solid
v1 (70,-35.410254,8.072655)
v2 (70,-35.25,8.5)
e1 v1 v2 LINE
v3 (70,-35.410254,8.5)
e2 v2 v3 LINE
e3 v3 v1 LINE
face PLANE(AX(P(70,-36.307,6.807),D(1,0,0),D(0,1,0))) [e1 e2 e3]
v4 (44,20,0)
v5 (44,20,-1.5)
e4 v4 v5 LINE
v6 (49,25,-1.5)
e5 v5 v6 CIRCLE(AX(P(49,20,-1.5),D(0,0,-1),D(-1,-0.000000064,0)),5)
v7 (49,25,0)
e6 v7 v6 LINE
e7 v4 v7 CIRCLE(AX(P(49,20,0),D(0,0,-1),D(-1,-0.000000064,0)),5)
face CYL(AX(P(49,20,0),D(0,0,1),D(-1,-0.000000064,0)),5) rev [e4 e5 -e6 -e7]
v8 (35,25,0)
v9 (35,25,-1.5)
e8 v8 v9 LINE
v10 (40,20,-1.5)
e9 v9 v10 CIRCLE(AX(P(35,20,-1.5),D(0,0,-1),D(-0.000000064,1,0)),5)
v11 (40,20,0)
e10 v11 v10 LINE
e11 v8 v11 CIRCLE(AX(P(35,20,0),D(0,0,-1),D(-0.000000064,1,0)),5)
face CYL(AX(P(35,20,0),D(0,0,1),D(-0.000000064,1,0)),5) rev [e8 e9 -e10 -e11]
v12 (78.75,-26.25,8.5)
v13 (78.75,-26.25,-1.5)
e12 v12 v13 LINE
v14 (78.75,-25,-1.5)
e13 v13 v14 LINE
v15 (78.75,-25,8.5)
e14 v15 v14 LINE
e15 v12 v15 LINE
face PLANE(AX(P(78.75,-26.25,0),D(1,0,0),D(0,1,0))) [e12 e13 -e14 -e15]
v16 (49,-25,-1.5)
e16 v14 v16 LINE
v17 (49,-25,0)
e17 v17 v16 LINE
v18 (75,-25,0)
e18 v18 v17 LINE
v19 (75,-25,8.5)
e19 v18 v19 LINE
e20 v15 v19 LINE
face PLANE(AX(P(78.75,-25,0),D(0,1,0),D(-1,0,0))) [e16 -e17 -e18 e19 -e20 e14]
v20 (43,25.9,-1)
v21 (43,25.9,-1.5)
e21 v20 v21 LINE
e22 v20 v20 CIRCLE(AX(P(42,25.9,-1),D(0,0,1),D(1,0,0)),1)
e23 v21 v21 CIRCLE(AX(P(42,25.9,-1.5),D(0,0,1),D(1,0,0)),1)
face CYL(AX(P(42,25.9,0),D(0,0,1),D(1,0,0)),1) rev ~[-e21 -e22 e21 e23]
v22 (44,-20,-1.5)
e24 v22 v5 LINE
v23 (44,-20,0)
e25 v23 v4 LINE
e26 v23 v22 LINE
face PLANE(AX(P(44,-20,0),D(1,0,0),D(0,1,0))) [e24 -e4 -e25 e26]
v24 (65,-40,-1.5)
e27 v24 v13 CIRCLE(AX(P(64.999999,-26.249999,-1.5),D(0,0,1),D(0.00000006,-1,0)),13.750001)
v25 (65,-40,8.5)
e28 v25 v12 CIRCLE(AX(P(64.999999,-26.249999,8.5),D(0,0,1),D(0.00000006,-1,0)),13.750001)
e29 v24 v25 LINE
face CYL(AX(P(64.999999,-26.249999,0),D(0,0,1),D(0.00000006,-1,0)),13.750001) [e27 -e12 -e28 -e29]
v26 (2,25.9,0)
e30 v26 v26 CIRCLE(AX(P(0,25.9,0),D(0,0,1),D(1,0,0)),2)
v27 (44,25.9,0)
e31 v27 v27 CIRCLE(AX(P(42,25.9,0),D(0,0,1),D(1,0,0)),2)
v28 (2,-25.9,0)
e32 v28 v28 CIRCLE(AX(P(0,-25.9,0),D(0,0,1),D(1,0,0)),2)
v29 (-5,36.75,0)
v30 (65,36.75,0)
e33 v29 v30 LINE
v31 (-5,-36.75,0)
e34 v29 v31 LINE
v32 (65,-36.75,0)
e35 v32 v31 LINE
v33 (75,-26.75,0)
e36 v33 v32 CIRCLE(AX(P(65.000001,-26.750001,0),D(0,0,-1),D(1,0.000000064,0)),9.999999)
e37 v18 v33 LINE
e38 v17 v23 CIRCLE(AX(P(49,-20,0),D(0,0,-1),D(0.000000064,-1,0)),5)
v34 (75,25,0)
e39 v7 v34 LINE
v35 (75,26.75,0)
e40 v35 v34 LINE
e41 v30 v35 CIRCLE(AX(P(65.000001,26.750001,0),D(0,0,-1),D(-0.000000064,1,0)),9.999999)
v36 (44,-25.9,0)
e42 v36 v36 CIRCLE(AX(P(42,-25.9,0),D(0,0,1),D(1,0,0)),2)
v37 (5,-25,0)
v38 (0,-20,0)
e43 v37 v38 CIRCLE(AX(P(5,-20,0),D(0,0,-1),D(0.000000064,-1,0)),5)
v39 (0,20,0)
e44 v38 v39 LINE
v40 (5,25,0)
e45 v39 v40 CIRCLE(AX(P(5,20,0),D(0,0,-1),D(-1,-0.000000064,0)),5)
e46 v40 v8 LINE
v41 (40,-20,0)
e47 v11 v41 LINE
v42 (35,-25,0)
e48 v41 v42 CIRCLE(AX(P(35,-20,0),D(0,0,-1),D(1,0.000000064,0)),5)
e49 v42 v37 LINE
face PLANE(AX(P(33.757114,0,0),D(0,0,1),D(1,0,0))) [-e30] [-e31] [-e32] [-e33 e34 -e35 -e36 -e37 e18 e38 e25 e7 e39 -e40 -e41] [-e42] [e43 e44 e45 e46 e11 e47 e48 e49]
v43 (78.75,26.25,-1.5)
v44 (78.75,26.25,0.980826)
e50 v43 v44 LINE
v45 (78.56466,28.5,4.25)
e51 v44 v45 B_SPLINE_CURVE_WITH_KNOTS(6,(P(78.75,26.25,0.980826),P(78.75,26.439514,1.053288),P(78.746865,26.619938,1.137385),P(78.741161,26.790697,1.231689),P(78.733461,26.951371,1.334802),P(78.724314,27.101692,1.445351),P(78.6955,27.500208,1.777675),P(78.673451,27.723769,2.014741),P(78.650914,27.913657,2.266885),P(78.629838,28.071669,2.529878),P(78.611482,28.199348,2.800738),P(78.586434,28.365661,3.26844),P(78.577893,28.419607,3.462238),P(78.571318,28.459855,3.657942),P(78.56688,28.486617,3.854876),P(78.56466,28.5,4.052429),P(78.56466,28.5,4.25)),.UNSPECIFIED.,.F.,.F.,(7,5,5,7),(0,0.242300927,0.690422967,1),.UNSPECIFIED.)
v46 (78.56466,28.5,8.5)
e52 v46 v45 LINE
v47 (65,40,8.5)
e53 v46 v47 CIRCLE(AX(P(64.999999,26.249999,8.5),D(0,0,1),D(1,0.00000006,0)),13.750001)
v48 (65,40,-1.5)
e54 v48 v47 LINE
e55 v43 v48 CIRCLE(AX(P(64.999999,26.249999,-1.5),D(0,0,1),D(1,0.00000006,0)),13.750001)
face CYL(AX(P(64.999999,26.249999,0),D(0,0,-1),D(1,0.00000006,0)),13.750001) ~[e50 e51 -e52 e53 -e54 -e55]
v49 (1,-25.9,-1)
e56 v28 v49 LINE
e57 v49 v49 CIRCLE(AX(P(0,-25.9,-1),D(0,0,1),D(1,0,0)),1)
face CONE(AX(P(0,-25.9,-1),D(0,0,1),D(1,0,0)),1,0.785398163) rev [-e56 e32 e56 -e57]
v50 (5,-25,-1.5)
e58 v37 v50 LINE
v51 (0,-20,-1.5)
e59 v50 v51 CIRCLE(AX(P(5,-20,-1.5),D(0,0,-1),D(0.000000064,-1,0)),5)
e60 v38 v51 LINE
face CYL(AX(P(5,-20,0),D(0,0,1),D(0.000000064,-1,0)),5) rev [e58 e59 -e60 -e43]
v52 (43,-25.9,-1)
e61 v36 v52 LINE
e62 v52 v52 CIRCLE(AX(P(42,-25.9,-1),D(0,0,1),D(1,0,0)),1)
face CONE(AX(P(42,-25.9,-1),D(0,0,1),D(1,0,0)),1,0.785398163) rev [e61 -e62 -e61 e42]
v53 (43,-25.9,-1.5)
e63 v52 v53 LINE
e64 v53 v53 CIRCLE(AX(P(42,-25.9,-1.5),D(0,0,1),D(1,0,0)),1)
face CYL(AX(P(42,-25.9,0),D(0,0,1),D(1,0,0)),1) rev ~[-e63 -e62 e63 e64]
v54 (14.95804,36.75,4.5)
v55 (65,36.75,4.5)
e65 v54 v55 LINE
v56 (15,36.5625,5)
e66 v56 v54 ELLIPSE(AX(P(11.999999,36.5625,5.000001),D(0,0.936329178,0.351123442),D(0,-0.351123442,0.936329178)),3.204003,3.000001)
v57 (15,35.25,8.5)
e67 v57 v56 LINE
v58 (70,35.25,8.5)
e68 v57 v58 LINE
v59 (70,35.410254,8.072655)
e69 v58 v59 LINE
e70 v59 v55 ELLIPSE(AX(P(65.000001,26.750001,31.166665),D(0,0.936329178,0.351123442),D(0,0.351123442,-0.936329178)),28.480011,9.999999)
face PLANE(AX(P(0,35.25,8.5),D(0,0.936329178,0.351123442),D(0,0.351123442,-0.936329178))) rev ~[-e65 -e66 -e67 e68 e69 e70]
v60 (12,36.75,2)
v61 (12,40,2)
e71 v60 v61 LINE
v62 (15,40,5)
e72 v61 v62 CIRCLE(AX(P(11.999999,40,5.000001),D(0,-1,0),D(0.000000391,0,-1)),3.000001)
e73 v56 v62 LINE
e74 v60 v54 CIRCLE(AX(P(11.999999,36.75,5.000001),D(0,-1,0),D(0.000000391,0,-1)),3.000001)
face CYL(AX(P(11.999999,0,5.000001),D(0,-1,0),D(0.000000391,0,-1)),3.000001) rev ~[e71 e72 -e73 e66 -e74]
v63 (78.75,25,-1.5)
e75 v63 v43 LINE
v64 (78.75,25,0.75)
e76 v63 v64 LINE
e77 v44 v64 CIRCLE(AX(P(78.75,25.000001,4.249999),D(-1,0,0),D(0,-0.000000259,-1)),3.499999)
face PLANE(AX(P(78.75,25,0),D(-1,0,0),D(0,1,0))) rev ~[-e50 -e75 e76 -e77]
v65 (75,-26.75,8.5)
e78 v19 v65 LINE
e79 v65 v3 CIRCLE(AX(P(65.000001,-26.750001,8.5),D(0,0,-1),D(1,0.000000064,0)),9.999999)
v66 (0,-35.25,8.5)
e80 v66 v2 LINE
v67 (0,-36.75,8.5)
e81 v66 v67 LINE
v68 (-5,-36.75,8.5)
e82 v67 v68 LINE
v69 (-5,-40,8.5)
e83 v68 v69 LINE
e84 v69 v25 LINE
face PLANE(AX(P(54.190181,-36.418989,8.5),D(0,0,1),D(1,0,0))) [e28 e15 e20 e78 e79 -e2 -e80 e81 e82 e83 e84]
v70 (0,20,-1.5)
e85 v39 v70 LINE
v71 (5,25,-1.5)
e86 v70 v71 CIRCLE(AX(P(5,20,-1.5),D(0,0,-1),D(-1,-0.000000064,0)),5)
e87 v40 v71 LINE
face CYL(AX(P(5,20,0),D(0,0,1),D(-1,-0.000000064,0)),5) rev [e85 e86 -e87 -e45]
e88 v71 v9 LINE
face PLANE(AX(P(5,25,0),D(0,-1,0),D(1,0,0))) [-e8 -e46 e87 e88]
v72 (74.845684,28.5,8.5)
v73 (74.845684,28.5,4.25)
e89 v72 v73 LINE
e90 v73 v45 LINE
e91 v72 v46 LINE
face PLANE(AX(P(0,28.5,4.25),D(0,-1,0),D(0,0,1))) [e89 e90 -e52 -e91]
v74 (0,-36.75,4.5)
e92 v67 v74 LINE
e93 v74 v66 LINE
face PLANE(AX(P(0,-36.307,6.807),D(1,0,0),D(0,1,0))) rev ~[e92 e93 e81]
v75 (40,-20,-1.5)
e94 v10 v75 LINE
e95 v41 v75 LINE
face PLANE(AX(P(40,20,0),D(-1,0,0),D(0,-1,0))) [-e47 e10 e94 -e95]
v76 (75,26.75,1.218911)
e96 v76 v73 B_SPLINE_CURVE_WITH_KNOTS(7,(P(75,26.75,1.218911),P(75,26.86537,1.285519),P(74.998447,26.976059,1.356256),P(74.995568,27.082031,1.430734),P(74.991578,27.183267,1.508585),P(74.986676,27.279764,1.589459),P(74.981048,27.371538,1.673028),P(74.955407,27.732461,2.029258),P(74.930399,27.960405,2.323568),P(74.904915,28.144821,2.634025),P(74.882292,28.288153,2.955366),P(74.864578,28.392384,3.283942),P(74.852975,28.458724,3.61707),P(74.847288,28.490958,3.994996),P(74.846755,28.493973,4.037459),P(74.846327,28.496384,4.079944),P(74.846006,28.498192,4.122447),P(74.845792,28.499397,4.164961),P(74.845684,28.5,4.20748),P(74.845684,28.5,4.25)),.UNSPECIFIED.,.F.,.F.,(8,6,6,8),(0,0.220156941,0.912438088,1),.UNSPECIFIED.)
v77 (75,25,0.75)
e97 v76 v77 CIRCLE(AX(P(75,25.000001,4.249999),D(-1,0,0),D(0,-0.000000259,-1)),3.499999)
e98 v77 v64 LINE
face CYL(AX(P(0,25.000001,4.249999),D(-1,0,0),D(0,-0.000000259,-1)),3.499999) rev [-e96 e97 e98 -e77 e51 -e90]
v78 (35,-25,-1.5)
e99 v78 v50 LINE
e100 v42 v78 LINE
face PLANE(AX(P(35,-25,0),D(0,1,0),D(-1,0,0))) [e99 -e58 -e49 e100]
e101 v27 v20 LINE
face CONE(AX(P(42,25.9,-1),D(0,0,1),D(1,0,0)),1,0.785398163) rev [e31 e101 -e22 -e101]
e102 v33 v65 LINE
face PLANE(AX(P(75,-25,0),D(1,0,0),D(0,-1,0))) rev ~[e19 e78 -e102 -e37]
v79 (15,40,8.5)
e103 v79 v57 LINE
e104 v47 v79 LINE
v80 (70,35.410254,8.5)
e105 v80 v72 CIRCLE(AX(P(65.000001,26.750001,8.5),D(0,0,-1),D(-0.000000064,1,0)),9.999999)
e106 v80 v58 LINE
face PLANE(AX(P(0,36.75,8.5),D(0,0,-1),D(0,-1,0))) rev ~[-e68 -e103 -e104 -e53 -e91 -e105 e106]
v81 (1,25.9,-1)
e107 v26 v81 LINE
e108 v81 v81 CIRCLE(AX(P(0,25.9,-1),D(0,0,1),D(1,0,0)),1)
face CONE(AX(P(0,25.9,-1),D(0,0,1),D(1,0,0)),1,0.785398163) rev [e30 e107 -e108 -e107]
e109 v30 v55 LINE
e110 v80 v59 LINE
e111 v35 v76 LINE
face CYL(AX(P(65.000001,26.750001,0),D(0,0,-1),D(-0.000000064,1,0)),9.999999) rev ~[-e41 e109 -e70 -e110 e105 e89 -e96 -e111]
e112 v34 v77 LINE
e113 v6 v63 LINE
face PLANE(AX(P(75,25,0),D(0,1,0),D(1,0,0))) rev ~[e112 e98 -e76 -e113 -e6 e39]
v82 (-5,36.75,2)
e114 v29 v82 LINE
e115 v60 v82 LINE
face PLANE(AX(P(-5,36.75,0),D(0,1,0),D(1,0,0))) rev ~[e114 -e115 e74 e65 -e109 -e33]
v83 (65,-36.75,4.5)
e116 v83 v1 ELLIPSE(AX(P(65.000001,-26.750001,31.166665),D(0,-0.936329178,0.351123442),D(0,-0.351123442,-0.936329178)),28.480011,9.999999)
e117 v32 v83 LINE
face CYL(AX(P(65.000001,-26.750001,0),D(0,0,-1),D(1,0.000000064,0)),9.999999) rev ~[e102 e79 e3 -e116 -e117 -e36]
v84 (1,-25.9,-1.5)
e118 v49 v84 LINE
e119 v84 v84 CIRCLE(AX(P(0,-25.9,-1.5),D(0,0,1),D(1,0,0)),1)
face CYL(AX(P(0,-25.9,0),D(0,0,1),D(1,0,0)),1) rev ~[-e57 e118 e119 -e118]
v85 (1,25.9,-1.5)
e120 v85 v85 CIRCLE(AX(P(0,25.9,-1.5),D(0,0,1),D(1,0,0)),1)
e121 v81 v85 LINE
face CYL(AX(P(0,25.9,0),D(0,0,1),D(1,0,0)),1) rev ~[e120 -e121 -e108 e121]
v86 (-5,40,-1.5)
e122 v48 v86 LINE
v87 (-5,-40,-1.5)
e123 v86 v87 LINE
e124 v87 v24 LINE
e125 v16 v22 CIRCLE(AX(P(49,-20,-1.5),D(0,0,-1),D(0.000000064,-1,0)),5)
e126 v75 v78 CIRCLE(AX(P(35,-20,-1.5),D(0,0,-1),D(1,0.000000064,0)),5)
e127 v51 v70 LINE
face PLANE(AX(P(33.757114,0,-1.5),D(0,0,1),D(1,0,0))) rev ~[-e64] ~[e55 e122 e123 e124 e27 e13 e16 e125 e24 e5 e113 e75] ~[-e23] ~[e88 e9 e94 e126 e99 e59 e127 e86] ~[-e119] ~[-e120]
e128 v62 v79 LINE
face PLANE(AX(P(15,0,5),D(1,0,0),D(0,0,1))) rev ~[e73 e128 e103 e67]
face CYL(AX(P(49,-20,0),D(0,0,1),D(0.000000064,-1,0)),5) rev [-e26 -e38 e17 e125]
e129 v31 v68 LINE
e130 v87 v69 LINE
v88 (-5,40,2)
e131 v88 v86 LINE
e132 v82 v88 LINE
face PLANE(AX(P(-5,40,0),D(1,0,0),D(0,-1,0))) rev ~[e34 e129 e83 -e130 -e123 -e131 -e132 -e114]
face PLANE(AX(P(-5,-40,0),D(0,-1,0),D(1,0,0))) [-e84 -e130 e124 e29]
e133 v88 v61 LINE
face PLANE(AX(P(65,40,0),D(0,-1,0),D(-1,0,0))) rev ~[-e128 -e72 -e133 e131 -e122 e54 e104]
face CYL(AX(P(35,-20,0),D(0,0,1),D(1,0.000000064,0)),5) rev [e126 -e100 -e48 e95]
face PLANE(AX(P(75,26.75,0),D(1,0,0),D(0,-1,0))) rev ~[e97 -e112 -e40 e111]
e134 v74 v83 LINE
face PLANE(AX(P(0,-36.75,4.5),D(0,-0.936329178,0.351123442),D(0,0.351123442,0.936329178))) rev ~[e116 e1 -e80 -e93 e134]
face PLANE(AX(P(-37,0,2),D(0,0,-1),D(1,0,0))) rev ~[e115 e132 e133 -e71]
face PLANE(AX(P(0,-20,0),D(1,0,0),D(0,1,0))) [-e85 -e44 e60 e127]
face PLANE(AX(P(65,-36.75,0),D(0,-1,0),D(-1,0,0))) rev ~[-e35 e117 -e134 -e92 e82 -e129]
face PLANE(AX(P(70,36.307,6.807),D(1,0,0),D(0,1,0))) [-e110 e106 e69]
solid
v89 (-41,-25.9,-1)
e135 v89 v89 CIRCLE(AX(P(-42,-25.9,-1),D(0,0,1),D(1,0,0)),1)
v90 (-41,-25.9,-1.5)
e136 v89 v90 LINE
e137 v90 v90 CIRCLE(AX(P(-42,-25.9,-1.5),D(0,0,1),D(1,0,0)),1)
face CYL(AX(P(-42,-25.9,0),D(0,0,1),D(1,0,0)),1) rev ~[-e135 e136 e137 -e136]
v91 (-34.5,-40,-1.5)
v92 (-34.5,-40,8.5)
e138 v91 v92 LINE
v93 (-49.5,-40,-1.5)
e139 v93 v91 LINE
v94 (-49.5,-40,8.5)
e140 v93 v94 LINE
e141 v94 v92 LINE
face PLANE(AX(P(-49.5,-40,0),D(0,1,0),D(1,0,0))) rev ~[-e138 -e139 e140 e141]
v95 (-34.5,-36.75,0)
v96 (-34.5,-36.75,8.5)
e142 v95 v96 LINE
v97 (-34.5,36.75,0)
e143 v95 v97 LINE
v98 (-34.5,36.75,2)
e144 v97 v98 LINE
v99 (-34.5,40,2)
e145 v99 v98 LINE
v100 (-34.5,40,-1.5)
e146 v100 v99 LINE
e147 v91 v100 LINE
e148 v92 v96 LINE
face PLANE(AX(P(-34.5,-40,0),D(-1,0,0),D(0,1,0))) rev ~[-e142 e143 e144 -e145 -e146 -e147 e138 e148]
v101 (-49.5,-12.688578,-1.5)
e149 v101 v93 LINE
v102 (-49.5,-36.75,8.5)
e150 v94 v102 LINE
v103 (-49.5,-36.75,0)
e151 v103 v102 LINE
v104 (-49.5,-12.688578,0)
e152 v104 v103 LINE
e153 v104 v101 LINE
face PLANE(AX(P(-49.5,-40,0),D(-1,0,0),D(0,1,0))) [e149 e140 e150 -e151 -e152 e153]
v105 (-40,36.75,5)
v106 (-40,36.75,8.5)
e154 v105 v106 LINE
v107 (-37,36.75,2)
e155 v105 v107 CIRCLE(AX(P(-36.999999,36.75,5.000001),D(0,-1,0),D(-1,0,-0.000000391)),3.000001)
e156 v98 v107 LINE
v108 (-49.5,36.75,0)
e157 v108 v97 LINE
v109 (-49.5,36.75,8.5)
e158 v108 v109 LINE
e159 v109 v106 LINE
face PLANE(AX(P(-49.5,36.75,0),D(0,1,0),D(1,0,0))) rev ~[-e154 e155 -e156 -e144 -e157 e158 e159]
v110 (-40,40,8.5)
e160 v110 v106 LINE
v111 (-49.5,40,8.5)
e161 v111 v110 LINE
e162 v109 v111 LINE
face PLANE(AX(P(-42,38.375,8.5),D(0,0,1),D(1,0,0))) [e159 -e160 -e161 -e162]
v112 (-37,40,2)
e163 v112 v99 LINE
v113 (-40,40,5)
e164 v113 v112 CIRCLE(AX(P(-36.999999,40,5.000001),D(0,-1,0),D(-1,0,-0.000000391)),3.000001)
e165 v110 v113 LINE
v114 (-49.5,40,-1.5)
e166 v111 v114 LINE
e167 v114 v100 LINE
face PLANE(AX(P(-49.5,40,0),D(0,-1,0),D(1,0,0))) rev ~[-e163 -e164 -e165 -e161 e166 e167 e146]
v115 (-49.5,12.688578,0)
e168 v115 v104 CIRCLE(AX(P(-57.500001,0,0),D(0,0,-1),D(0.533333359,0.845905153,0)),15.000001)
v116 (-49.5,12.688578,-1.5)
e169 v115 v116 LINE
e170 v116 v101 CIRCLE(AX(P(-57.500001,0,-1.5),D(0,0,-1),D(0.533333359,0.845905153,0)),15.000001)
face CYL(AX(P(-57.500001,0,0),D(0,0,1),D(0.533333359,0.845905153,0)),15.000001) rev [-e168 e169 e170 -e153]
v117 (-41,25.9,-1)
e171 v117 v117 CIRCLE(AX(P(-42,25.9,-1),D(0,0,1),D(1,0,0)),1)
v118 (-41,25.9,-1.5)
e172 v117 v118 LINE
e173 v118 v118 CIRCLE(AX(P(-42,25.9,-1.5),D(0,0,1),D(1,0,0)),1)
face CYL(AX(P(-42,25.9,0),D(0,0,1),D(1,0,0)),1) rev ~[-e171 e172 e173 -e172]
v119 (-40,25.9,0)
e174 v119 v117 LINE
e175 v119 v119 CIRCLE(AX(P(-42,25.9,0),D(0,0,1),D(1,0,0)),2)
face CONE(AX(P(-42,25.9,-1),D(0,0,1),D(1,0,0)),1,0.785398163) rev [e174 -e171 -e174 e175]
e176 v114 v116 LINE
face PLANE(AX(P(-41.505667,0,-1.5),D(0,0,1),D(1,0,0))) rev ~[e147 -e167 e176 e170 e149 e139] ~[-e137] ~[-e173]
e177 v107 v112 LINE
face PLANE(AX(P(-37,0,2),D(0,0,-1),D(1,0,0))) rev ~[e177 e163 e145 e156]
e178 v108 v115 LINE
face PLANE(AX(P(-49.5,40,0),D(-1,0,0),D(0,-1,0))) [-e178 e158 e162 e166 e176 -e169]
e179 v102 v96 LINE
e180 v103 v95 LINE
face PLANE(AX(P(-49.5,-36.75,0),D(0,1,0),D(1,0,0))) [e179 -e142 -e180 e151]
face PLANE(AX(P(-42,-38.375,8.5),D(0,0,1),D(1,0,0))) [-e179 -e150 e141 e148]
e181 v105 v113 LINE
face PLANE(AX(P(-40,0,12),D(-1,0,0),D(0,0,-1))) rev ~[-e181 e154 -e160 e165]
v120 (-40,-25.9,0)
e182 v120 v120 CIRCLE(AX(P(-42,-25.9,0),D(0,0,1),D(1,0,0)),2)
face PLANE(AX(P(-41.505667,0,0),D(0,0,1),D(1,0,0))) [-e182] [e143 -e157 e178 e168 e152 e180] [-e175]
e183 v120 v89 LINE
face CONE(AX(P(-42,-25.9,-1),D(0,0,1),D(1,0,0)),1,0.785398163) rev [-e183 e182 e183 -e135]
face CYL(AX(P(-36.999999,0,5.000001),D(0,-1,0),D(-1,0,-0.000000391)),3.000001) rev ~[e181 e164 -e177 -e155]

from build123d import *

# Parameters (mm, degrees)
F0_R     = 1
F0_W     = 15
F0_H     = 3.25
F1_DEPTH = 1.5
F2_DEPTH = 8.5
F4_DEPTH = 70
F6_DEPTH = 78.751
F8_DEPTH = 50
F9_SIZE  = 1


with BuildPart() as f1:
    # F0 (on Top) → F1 (new body)
    with BuildSketch(Plane.XY):
        with BuildLine():
            Line((75, 25), (75, 26.75))
            ThreePointArc((75, 26.75), (72.071068, 33.821068), (65, 36.75))
            Line((65, 36.75), (25, 36.75))
            Line((25, 36.75), (0, 36.75))
            Line((0, 36.75), (-5, 36.75))
            Line((-5, 36.75), (-5, -36.75))
            Line((-5, -36.75), (0, -36.75))
            Line((0, -36.75), (25, -36.75))
            Line((25, -36.75), (65, -36.75))
            ThreePointArc((65, -36.75), (72.071068, -33.821068), (75, -26.75))
            Line((75, -26.75), (75, -25))
            Line((75, -25), (49, -25))
            ThreePointArc((49, -25), (45.464466, -23.535534), (44, -20))
            Line((44, -20), (44, 20))
            ThreePointArc((44, 20), (45.464466, 23.535534), (49, 25))
            Line((49, 25), (75, 25))
        make_face()
        with Locations((0, -25.9)):
            Circle(F0_R, mode=Mode.SUBTRACT)
        with Locations((42, -25.9)):
            Circle(F0_R, mode=Mode.SUBTRACT)
        with Locations((0, 25.9)):
            Circle(F0_R, mode=Mode.SUBTRACT)
        with BuildLine():
            ThreePointArc((40, -20), (38.535534, -23.535534), (35, -25))
            Line((35, -25), (5, -25))
            ThreePointArc((5, -25), (1.464466, -23.535534), (0, -20))
            Line((0, -20), (0, 20))
            ThreePointArc((0, 20), (1.464466, 23.535534), (5, 25))
            Line((5, 25), (35, 25))
            ThreePointArc((35, 25), (38.535534, 23.535534), (40, 20))
            Line((40, 20), (40, -20))
        make_face(mode=Mode.SUBTRACT)
        with Locations((42, 25.9)):
            Circle(F0_R, mode=Mode.SUBTRACT)
        with BuildLine():
            Line((-49.5, -36.75), (-34.5, -36.75))
            Line((-34.5, -36.75), (-34.5, 36.75))
            Line((-34.5, 36.75), (-49.5, 36.75))
            Line((-49.5, 36.75), (-49.5, 12.688578))
            ThreePointArc((-49.5, 12.688578), (-42.5, 0), (-49.5, -12.688578))
            Line((-49.5, -12.688578), (-49.5, -36.75))
        make_face()
        with Locations((-42, -25.9)):
            Circle(F0_R, mode=Mode.SUBTRACT)
        with Locations((-42, 25.9)):
            Circle(F0_R, mode=Mode.SUBTRACT)
        with Locations((-42, 38.375)):
            Rectangle(F0_W, F0_H)
        Polygon((0, 36.75), (25, 36.75), (25, 40), (-5, 40), (-5, 36.75), align=None)
        with Locations((-42, -38.375)):
            Rectangle(F0_W, F0_H)
        Polygon((25, -40), (25, -36.75), (0, -36.75), (-5, -36.75), (-5, -40), align=None)
        with BuildLine():
            Line((78.75, -25), (75, -25))
            Line((75, -25), (75, -26.75))
            ThreePointArc((75, -26.75), (72.071068, -33.821068), (65, -36.75))
            Line((65, -36.75), (25, -36.75))
            Line((25, -36.75), (25, -40))
            Line((25, -40), (65, -40))
            ThreePointArc((65, -40), (74.722718, -35.972718), (78.75, -26.25))
            Line((78.75, -26.25), (78.75, -25))
        make_face()
        with BuildLine():
            ThreePointArc((65, 36.75), (72.071068, 33.821068), (75, 26.75))
            Line((75, 26.75), (75, 25))
            Line((75, 25), (78.75, 25))
            Line((78.75, 25), (78.75, 26.25))
            ThreePointArc((78.75, 26.25), (74.722718, 35.972718), (65, 40))
            Line((65, 40), (25, 40))
            Line((25, 40), (25, 36.75))
            Line((25, 36.75), (65, 36.75))
        make_face()
    extrude(amount=-F1_DEPTH)

    # F0 (on Top) → F2 (join)
    with BuildSketch(Plane.XY):
        with BuildLine():
            ThreePointArc((65, 36.75), (72.071068, 33.821068), (75, 26.75))
            Line((75, 26.75), (75, 25))
            Line((75, 25), (78.75, 25))
            Line((78.75, 25), (78.75, 26.25))
            ThreePointArc((78.75, 26.25), (74.722718, 35.972718), (65, 40))
            Line((65, 40), (25, 40))
            Line((25, 40), (25, 36.75))
            Line((25, 36.75), (65, 36.75))
        make_face()
        with BuildLine():
            Line((78.75, -25), (75, -25))
            Line((75, -25), (75, -26.75))
            ThreePointArc((75, -26.75), (72.071068, -33.821068), (65, -36.75))
            Line((65, -36.75), (25, -36.75))
            Line((25, -36.75), (25, -40))
            Line((25, -40), (65, -40))
            ThreePointArc((65, -40), (74.722718, -35.972718), (78.75, -26.25))
            Line((78.75, -26.25), (78.75, -25))
        make_face()
        Polygon((25, -40), (25, -36.75), (0, -36.75), (-5, -36.75), (-5, -40), align=None)
        with Locations((-42, -38.375)):
            Rectangle(F0_W, F0_H)
        Polygon((0, 36.75), (25, 36.75), (25, 40), (-5, 40), (-5, 36.75), align=None)
        with Locations((-42, 38.375)):
            Rectangle(F0_W, F0_H)
    extrude(amount=F2_DEPTH)

    # F3 (on Right) → F4 (join)
    with BuildSketch(Plane.YZ):
        Polygon((36.75, 4.5), (36.75, 8.5), (35.25, 8.5), align=None)
        Polygon((-35.25, 8.5), (-36.75, 8.5), (-36.75, 4.5), align=None)
    extrude(amount=F4_DEPTH)

    # F5 (on Right) → F6 (cut, through all)
    with BuildSketch(Plane.YZ):
        with BuildLine():
            ThreePointArc((28.5, 4.25), (27.474874, 6.724874), (25, 7.75))
            Line((25, 7.75), (25, 0.75))
            ThreePointArc((25, 0.75), (27.474874, 1.775126), (28.5, 4.25))
        make_face()
        with BuildLine():
            Line((25, 8.5), (25, 7.75))
            ThreePointArc((25, 7.75), (27.474874, 6.724874), (28.5, 4.25))
            Line((28.5, 4.25), (28.5, 8.5))
            Line((28.5, 8.5), (25, 8.5))
        make_face()
    extrude(amount=F6_DEPTH, mode=Mode.SUBTRACT)

    # F7 (on Front) → F8 (cut)
    with BuildSketch(Plane.XZ):
        with BuildLine():
            Line((-37, 2), (12, 2))
            ThreePointArc((12, 2), (14.12132, 2.87868), (15, 5))
            Line((15, 5), (15, 12))
            Line((15, 12), (-40, 12))
            Line((-40, 12), (-40, 5))
            ThreePointArc((-40, 5), (-39.12132, 2.87868), (-37, 2))
        make_face()
    extrude(amount=-F8_DEPTH, mode=Mode.SUBTRACT)

    # F9
    f9_edges = [f1.edges().sort_by_distance(p)[0] for p in [
        (-43, 25.9, 0),
        (-43, -25.9, 0),
        (-1, 25.9, 0),
        (-1, -25.9, 0),
        (41, 25.9, 0),
        (41, -25.9, 0),
    ]]
    chamfer(f9_edges, length=F9_SIZE)


solid = f1.part
